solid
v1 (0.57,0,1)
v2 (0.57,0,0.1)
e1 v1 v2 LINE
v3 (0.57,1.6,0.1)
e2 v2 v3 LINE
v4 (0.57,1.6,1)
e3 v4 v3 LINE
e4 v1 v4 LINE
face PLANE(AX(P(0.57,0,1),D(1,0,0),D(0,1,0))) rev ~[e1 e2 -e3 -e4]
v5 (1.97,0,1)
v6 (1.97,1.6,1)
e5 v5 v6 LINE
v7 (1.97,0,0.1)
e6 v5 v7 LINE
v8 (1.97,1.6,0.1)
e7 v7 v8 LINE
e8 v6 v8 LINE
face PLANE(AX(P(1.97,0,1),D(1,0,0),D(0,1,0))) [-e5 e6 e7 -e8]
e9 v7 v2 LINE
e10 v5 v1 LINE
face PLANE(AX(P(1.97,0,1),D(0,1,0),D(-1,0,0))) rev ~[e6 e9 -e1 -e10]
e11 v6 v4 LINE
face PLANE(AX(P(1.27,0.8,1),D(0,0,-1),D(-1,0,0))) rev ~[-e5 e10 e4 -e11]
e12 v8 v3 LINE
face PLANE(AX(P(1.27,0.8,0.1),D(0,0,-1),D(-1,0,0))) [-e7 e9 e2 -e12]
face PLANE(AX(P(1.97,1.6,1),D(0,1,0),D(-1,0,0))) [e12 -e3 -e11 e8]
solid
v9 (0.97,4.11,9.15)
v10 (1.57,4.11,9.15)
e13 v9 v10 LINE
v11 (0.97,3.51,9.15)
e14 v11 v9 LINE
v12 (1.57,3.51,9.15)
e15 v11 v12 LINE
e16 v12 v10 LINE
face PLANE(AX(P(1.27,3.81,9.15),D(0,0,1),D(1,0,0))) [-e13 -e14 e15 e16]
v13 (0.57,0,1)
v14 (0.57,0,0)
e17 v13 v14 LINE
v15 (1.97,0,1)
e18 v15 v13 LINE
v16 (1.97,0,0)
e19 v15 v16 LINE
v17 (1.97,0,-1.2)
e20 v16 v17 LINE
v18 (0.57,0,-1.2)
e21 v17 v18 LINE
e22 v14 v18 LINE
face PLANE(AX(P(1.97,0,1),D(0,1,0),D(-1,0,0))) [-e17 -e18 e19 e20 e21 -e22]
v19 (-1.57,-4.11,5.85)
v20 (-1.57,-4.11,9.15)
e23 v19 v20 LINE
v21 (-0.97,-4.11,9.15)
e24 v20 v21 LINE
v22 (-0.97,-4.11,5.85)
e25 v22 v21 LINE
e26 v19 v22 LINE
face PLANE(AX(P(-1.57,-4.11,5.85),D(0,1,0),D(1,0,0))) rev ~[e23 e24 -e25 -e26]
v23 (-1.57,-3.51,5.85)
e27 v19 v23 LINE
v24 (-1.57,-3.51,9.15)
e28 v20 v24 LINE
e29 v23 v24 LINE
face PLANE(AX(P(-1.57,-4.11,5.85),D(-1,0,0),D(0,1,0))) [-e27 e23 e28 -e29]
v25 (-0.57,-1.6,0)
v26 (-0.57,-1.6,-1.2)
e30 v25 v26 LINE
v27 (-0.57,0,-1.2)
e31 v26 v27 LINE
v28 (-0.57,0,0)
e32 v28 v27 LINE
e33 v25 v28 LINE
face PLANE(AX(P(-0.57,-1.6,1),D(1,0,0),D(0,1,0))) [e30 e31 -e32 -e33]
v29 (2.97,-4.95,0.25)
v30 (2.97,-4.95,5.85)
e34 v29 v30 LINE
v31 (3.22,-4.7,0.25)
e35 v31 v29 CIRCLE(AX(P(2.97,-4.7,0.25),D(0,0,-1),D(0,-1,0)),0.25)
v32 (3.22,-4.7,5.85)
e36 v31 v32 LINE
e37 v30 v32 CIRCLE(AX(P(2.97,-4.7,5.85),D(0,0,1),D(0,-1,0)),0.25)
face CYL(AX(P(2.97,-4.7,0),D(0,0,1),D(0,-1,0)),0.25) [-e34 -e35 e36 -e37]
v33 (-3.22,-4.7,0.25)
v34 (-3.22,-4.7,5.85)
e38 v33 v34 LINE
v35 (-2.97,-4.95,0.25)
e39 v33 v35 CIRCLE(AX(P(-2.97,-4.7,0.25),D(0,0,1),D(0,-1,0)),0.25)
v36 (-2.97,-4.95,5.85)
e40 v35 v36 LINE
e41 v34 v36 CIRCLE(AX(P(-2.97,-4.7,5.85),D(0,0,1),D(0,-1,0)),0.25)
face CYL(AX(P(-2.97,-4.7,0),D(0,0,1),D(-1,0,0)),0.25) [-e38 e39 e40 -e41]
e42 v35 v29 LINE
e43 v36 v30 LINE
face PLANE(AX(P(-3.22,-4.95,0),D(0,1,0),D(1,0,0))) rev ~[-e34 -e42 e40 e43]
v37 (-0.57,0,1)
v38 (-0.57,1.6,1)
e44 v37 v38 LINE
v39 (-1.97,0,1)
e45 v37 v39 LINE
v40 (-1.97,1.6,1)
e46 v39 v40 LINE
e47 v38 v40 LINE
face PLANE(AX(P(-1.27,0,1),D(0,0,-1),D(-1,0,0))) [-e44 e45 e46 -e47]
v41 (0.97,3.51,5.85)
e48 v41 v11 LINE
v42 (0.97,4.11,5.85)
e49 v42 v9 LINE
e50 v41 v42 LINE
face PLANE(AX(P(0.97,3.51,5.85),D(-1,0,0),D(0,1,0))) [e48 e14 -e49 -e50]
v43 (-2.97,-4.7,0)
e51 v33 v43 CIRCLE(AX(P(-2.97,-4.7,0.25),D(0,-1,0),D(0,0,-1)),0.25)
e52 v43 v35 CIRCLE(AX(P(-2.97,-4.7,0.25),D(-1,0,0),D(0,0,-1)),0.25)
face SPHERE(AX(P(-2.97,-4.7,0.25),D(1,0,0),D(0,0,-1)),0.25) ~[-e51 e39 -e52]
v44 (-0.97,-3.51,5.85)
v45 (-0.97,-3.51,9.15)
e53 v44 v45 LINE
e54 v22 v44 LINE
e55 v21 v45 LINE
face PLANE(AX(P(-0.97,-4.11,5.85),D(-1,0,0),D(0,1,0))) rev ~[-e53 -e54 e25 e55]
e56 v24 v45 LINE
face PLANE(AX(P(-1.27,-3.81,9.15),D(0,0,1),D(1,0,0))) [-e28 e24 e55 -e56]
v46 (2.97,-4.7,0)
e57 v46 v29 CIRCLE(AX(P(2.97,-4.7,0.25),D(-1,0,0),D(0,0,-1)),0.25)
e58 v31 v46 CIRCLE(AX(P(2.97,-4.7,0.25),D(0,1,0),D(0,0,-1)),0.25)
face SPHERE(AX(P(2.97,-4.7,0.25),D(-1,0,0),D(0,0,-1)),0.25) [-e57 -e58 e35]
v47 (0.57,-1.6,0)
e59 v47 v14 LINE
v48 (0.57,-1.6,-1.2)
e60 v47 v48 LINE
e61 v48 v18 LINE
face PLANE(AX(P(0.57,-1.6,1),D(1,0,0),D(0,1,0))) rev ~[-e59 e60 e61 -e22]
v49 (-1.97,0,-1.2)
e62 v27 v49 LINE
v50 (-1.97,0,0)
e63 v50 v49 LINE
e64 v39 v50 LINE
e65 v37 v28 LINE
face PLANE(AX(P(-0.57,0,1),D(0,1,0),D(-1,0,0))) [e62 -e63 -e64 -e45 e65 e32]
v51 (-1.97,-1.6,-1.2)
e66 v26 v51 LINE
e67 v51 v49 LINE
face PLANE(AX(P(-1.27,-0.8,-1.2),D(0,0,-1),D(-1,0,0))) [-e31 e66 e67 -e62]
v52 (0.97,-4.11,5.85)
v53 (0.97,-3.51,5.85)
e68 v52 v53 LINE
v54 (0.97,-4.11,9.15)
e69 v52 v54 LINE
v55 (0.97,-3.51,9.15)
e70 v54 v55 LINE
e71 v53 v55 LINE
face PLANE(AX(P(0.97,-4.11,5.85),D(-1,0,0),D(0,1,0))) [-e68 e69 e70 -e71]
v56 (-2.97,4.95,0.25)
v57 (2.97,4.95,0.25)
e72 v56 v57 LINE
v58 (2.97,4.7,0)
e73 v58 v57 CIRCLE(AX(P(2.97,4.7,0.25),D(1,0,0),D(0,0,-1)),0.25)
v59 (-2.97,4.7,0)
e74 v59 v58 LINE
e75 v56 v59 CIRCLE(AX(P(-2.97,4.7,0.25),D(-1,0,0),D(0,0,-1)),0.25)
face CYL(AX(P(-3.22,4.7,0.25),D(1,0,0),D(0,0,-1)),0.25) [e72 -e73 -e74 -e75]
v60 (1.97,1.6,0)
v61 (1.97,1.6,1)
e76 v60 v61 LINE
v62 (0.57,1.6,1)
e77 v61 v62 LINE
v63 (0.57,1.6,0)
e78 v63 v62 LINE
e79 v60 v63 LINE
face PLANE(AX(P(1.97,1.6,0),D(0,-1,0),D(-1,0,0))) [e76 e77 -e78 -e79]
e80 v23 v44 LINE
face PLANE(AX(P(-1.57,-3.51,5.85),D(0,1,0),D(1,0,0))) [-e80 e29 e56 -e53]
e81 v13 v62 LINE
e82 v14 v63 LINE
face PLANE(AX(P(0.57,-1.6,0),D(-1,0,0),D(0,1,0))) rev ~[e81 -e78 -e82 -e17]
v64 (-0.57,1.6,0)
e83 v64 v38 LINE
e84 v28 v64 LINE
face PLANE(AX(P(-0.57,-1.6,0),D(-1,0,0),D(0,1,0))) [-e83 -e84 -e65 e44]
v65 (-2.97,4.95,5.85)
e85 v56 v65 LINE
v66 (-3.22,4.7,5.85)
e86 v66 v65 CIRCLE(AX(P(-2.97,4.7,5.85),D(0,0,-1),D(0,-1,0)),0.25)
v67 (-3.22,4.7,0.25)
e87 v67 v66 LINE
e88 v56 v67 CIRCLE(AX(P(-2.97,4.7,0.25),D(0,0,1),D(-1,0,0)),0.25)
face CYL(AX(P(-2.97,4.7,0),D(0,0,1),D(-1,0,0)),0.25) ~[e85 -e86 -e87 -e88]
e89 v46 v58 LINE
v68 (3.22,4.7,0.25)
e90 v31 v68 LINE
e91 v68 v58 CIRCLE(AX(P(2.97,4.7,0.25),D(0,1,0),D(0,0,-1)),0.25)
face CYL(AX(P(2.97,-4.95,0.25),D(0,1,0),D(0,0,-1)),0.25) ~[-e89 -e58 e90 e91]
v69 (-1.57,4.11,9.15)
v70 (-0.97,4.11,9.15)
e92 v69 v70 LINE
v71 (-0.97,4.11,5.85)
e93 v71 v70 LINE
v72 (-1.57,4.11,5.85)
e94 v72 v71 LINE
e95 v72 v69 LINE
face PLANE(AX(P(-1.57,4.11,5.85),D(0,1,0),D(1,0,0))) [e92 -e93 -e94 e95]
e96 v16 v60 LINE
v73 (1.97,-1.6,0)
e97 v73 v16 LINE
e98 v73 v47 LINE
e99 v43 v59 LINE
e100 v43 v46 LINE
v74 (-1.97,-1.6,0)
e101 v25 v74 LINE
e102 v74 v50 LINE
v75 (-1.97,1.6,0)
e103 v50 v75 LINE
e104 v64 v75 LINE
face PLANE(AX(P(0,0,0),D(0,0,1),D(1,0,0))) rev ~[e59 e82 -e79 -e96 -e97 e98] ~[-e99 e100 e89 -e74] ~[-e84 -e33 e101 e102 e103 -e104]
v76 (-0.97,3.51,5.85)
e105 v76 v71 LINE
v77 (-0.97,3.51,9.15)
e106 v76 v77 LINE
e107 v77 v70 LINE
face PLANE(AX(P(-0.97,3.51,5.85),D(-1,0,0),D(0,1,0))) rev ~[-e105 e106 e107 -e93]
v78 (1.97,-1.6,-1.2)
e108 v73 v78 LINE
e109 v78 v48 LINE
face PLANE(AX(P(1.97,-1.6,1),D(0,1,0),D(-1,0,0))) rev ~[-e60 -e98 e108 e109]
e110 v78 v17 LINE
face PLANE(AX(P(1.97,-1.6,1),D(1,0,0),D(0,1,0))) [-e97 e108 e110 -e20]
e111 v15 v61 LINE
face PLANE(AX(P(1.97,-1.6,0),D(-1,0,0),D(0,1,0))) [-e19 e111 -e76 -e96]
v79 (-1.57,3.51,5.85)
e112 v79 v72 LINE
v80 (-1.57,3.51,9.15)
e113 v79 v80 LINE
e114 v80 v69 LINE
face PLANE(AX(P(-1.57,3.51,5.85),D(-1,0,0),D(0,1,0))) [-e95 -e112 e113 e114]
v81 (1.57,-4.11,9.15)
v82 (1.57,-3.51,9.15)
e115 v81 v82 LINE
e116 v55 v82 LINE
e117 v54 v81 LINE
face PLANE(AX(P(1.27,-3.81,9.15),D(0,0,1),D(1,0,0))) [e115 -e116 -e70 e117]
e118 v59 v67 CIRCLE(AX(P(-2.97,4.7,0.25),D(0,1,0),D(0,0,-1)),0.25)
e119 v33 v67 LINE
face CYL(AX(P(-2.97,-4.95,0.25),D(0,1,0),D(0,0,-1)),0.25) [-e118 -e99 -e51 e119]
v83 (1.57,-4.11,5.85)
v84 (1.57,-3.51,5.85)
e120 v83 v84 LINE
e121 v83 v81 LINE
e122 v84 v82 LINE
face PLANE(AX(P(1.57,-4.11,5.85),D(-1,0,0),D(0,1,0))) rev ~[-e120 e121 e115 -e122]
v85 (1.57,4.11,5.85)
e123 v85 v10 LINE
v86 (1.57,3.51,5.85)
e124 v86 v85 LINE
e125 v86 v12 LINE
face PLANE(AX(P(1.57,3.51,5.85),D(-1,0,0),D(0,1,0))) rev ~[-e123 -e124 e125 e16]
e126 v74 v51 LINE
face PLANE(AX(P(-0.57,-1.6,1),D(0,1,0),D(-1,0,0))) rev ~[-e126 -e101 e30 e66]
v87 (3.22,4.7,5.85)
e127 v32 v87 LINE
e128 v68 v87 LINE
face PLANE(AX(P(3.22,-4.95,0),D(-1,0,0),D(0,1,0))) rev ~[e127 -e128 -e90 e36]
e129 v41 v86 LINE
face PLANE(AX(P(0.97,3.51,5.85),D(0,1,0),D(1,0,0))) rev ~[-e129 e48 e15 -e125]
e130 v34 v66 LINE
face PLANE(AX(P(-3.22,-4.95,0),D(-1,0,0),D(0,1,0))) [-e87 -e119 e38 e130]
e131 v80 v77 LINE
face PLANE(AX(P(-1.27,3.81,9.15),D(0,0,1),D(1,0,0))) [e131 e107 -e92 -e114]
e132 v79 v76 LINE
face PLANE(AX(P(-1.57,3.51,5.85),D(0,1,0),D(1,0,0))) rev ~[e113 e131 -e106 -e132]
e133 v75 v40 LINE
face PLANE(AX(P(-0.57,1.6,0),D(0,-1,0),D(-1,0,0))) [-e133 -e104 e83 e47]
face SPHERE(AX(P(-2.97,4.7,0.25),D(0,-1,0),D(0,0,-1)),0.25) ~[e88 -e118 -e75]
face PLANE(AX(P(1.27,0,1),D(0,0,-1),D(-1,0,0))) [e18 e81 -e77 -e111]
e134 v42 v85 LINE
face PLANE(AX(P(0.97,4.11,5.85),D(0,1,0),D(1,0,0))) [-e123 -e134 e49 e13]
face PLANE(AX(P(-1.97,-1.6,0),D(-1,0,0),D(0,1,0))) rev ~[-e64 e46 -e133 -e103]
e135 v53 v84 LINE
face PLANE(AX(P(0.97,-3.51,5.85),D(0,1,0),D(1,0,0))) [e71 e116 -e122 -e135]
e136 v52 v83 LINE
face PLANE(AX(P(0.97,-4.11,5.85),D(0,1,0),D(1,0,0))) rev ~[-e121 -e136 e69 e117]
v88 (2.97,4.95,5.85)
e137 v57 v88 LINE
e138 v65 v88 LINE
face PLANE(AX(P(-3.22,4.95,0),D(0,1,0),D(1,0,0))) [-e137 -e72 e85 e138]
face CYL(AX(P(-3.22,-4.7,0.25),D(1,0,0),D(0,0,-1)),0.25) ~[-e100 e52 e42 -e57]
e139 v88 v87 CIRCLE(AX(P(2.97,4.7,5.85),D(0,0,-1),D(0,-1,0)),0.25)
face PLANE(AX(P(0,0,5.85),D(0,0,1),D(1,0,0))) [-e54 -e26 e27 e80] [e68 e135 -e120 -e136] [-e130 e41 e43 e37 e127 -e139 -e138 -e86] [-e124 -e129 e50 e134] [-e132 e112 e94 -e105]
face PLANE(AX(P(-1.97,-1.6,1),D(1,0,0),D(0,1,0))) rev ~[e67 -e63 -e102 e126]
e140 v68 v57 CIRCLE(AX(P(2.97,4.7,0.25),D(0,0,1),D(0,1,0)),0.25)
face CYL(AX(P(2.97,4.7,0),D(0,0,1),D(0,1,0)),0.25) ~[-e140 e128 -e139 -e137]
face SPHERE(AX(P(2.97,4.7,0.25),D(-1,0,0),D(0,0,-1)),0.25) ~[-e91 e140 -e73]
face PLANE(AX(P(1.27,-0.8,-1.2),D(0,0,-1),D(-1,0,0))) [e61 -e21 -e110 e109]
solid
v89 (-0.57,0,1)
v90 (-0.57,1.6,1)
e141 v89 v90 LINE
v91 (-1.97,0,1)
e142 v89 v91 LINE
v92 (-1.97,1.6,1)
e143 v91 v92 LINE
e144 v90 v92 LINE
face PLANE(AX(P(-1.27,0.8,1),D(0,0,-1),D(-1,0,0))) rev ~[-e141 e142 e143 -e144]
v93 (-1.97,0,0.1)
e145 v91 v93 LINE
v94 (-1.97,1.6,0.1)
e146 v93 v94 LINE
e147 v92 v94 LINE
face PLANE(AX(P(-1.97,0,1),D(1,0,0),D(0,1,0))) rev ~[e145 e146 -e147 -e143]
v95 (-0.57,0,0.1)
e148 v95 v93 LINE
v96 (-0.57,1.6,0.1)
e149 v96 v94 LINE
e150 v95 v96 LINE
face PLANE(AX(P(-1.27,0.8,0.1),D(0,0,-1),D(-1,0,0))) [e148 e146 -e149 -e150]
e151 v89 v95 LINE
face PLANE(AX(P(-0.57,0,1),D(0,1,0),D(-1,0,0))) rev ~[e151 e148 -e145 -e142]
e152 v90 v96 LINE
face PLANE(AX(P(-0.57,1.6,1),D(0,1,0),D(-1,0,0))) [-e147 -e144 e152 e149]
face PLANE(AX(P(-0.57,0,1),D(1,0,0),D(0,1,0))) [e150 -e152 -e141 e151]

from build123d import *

# Parameters (mm, degrees)
IZIM1_W                       = 6.44
IZIM1_H                       = 9.9
Y_KSEKLIK_EKSTR_ZYON1_DEPTH   = 5.85
IZIM2_W                       = 1.4
IZIM2_H                       = 3.2
KES_EKSTR_ZYON1_DEPTH         = 1
IZIM4_W                       = 1.4
IZIM4_H                       = 1.6
Y_KSEKLIK_EKSTR_ZYON3_DEPTH   = 2.2
IZIM5_W                       = 1.4
IZIM5_H                       = 1.6
Y_KSEKLIK_EKSTR_ZYON4_DEPTH   = 0.9
Y_KSEKLIK_EKSTR_ZYON4_2_DEPTH = 0.9
RADYUS1_R                     = 0.25
IZIM6_W                       = 0.6
IZIM6_H                       = 0.6
Y_KSEKLIK_EKSTR_ZYON5_DEPTH   = 3.3


with BuildPart() as part:
    # Çizim1 → Yükseklik-Ekstrüzyon1 (new body)
    with BuildSketch(Plane.XY):
        Rectangle(IZIM1_W, IZIM1_H)
    extrude(amount=Y_KSEKLIK_EKSTR_ZYON1_DEPTH)

    # Çizim2 → Kes-Ekstrüzyon1 (cut)
    with BuildSketch(Plane(origin=(0, 0, 0), x_dir=(-1, 0, 0), z_dir=(0, 0, -1))):
        with Locations((-1.27, 0)):
            Rectangle(IZIM2_W, IZIM2_H)
        with Locations((1.27, 0)):
            Rectangle(IZIM2_W, IZIM2_H)
    extrude(amount=-KES_EKSTR_ZYON1_DEPTH, mode=Mode.SUBTRACT)

    # Çizim4 → Yükseklik-Ekstrüzyon3 (add)
    with BuildSketch(Plane(origin=(0, 0, 1), x_dir=(-1, 0, 0), z_dir=(0, 0, -1))):
        with Locations((-1.27, -0.8)):
            Rectangle(IZIM4_W, IZIM4_H)
        with Locations((1.27, -0.8)):
            Rectangle(IZIM4_W, IZIM4_H)
    extrude(amount=Y_KSEKLIK_EKSTR_ZYON3_DEPTH)

    # Radyus1
    radyus1_edges = [part.edges().sort_by_distance(p)[0] for p in [
        (0, -4.95, 0),
        (-3.22, 0, 0),
        (0, 4.95, 0),
        (3.22, 0, 0),
        (3.22, -4.95, 2.925),
        (-3.22, -4.95, 2.925),
        (-3.22, 4.95, 2.925),
        (3.22, 4.95, 2.925),
    ]]
    fillet(radyus1_edges, radius=RADYUS1_R)

    # Çizim6 → Yükseklik-Ekstrüzyon5 (add)
    with BuildSketch(Plane.XY.offset(5.85)):
        with Locations((1.27, -3.81)):
            Rectangle(IZIM6_W, IZIM6_H)
        with Locations((-1.27, -3.81)):
            Rectangle(IZIM6_W, IZIM6_H)
        with Locations((-1.27, 3.81)):
            Rectangle(IZIM6_W, IZIM6_H)
        with Locations((1.27, 3.81)):
            Rectangle(IZIM6_W, IZIM6_H)
    extrude(amount=Y_KSEKLIK_EKSTR_ZYON5_DEPTH)


with BuildPart() as body_2:
    # Çizim5 → Yükseklik-Ekstrüzyon4 (new body)
    with BuildSketch(Plane(origin=(0, 0, 1), x_dir=(-1, 0, 0), z_dir=(0, 0, -1))):
        with Locations((-1.27, 0.8)):
            Rectangle(IZIM5_W, IZIM5_H)
    extrude(amount=Y_KSEKLIK_EKSTR_ZYON4_DEPTH)


with BuildPart() as body_3:
    # Çizim5 → Y_kseklik-Ekstr_zyon4 2 (new body)
    with BuildSketch(Plane(origin=(0, 0, 1), x_dir=(-1, 0, 0), z_dir=(0, 0, -1))):
        with Locations((1.27, 0.8)):
            Rectangle(IZIM5_W, IZIM5_H)
    extrude(amount=Y_KSEKLIK_EKSTR_ZYON4_2_DEPTH)


solid = Compound([part.part, body_2.part, body_3.part])
